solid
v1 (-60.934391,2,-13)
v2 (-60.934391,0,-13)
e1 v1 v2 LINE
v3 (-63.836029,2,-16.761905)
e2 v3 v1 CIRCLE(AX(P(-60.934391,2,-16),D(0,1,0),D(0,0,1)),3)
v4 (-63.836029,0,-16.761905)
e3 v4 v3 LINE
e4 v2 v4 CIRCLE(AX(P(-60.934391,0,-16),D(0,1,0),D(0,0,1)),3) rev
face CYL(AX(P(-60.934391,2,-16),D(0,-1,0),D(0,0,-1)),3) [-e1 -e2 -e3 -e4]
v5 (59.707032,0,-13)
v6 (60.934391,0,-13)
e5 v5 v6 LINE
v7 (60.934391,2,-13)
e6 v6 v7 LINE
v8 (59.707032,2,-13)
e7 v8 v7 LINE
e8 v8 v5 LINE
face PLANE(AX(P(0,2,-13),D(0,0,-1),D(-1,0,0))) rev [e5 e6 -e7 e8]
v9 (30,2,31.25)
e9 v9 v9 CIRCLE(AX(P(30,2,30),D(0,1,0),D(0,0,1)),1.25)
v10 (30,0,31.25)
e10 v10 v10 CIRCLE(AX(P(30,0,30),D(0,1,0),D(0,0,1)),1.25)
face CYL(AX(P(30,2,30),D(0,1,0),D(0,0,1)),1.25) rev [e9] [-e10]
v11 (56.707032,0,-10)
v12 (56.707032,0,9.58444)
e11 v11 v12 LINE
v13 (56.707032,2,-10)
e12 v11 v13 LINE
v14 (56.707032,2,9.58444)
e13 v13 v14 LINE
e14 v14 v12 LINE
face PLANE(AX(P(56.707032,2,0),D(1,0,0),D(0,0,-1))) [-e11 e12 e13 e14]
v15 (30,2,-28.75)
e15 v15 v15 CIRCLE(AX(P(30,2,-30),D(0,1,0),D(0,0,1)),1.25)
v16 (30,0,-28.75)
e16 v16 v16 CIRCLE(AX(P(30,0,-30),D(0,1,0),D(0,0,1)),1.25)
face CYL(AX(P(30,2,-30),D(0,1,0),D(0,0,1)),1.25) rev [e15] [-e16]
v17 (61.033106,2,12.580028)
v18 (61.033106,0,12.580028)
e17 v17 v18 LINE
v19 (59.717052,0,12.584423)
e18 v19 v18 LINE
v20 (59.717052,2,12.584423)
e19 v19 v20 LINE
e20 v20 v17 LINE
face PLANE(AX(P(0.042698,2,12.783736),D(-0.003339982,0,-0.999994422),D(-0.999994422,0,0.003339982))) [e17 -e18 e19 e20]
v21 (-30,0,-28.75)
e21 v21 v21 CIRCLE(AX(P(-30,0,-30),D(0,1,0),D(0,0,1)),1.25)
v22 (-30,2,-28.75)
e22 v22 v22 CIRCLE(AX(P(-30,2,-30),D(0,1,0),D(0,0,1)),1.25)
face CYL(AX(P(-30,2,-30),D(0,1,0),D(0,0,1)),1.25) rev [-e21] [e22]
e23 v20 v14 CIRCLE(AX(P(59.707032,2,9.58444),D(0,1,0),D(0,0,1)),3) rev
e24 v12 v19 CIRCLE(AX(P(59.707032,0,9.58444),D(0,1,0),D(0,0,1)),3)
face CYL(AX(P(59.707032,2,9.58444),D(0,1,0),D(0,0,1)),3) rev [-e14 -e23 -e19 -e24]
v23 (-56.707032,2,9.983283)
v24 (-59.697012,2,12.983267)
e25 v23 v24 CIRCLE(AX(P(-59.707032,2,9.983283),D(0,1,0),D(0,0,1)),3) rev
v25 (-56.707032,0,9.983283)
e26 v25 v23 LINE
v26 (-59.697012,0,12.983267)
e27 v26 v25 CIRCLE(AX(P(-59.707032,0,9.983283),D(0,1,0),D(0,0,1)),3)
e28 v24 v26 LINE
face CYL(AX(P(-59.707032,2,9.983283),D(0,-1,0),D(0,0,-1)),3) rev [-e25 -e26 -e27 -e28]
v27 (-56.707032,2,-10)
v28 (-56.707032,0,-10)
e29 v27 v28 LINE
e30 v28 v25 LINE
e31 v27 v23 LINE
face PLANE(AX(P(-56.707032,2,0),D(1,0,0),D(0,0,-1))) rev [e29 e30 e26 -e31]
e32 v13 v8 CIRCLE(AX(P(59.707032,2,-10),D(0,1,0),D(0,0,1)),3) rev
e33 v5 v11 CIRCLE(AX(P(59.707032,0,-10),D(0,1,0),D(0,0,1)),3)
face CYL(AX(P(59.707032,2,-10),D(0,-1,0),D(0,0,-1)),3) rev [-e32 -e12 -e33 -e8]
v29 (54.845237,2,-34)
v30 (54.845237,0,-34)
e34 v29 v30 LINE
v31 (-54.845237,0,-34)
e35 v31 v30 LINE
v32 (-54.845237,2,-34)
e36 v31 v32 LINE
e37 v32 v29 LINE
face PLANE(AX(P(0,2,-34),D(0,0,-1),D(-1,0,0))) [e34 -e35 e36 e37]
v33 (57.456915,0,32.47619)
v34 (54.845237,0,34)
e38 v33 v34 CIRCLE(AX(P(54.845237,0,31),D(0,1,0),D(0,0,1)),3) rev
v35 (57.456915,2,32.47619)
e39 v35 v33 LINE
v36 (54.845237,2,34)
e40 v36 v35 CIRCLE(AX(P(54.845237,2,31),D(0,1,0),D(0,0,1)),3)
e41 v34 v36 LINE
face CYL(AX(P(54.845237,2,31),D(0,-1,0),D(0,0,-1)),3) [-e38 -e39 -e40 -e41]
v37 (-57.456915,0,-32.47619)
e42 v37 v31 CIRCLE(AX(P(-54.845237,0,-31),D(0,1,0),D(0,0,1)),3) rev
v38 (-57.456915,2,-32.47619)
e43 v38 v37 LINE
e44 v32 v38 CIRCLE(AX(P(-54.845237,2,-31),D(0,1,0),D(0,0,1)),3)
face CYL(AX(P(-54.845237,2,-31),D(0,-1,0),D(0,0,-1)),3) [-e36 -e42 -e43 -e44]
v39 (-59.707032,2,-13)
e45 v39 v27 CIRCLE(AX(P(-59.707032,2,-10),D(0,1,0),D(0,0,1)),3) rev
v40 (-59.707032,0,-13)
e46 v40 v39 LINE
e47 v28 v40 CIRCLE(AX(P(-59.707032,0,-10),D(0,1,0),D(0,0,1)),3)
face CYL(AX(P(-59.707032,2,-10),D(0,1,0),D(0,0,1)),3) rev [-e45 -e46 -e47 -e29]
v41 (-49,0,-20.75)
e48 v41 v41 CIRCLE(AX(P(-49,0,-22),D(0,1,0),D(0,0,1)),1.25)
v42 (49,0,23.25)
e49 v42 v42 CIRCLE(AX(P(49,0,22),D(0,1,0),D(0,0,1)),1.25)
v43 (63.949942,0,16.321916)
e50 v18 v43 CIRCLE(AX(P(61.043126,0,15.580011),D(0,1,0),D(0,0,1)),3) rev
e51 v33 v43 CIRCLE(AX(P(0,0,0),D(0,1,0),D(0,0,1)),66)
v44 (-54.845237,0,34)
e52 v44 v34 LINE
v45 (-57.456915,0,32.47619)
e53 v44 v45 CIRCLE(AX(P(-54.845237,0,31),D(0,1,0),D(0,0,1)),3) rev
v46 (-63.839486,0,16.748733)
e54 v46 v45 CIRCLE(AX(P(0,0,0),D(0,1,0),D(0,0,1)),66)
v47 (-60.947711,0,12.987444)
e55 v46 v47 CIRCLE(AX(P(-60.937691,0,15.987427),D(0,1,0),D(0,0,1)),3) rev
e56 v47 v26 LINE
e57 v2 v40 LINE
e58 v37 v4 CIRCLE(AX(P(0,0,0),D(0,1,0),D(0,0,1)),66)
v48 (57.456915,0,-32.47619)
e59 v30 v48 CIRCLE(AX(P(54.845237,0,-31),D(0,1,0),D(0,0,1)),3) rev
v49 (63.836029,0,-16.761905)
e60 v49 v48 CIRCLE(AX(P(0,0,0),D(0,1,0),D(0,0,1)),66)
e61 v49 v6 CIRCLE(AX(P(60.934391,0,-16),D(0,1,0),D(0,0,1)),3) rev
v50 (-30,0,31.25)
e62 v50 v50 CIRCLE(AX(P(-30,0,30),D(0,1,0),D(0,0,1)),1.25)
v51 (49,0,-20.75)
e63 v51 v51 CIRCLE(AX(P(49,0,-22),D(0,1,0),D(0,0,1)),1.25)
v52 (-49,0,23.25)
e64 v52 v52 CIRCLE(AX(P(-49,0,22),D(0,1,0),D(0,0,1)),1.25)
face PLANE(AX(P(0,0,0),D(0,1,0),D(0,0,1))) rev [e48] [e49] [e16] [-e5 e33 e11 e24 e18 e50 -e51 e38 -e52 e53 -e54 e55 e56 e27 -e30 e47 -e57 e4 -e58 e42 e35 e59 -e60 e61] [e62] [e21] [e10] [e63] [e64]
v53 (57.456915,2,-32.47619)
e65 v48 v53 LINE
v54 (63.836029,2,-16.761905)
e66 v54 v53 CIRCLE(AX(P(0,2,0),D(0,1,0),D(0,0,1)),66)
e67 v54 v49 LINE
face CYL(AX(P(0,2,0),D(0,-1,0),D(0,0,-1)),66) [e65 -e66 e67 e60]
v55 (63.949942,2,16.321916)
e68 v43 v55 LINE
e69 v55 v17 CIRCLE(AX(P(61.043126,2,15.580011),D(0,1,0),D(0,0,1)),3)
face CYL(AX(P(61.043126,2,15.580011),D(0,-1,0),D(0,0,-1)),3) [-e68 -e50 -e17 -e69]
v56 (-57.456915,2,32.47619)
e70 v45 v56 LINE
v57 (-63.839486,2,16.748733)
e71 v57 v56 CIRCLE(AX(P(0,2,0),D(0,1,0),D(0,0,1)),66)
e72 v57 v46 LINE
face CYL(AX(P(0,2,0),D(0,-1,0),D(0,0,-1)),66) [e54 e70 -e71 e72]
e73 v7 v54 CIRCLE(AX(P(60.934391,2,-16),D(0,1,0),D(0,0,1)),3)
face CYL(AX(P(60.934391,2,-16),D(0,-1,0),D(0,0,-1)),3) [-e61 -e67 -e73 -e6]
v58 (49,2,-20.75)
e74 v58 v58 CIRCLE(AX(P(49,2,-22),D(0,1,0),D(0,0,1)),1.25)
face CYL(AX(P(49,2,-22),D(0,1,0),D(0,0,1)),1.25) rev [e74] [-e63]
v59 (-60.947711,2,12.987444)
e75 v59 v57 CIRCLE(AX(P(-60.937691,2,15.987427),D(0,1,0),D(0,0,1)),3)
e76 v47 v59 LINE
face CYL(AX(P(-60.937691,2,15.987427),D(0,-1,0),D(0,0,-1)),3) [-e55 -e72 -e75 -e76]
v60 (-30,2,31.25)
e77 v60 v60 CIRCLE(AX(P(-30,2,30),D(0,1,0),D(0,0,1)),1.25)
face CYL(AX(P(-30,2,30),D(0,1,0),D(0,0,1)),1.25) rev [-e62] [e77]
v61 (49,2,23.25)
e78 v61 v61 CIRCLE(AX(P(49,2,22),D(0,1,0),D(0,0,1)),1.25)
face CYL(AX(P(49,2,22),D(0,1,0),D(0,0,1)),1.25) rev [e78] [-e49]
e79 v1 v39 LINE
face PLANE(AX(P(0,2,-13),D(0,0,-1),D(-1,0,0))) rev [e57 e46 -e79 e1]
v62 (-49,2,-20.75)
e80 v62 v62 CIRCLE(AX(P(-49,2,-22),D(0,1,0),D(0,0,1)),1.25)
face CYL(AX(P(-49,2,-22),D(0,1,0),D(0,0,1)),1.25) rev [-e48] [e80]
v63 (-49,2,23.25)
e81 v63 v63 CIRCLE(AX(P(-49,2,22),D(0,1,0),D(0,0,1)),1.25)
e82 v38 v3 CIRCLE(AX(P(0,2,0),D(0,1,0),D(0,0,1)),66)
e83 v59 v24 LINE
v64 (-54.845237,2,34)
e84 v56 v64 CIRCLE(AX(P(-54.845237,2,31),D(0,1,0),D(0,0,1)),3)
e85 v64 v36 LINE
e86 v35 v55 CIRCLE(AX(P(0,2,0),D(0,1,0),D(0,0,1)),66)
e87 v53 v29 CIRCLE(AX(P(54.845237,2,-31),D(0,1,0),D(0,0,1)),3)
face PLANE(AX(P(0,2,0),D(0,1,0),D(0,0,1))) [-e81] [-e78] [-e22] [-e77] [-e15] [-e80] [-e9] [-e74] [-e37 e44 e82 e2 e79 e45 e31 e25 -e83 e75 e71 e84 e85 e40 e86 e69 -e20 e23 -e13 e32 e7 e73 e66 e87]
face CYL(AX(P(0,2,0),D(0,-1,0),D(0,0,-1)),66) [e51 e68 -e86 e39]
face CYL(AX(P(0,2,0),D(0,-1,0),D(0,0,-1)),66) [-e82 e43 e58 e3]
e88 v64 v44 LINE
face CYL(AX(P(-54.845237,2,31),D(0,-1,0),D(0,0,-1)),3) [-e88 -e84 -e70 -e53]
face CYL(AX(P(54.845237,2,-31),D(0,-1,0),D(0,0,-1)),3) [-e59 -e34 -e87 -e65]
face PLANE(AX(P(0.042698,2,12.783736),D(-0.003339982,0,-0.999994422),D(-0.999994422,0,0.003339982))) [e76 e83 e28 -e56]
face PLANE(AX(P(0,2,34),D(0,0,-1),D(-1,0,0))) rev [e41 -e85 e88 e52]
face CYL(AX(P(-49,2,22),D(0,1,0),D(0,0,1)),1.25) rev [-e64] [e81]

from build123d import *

# Parameters (mm, degrees)
EXTRUDE_2_DEPTH             = 2
M3X0_5_1_D                  = 2.5
M3X0_5_1_DEPTH              = 4
M3X0_5_1_TIP                = 0.751075774
M3X0_5_1_ON_FACE_2_D        = 2.5
M3X0_5_1_ON_FACE_2_DEPTH    = 4
M3X0_5_1_ON_FACE_2_TIP      = 0.751075774
PATTERN_LINEAR_1_COUNT      = 2
PATTERN_LINEAR_1_PITCH      = 98
PATTERN_LINEAR_1_COUNT_DIR2 = 2
PATTERN_LINEAR_1_PITCH_DIR2 = 44
FILLET_4_R                  = 3


with BuildPart() as part:
    # 草圖10 → 填料-伸長2 (new body)
    with BuildSketch(Plane(origin=(0, 0, 0), x_dir=(1, 0, 0), z_dir=(0, 1, 0))):
        with BuildLine():
            Line((56.568542495, 34), (-56.568542495, 34))
            ThreePointArc((-56.568542495, 34), (-61.540159626, 23.849711805), (-64.707032075, 13))
            Line((-64.707032075, 13), (-56.707032075, 13))
            Line((-56.707032075, 13), (-56.707032075, -12.973279994))
            Line((-56.707032075, -12.973279994), (-64.707032075, -13))
            ThreePointArc((-64.707032075, -13), (-61.540159626, -23.849711805), (-56.568542495, -34))
            Line((-56.568542495, -34), (56.568542495, -34))
            ThreePointArc((56.568542495, -34), (61.619473981, -23.644035746), (64.792427449, -12.567471713))
            Line((64.792427449, -12.567471713), (56.707032075, -12.594476939))
            Line((56.707032075, -12.594476939), (56.707032075, 13))
            Line((56.707032075, 13), (64.707032075, 13))
            ThreePointArc((64.707032075, 13), (61.540159626, 23.849711805), (56.568542495, 34))
        make_face()
    extrude(amount=EXTRUDE_2_DEPTH)

    # M3x0.5  螺絲攻的螺孔鑽1
    with Locations(Plane(origin=(30, 2, 30), x_dir=(0, 0, 1), z_dir=(0, 1, 0))):
        with Locations((0, 0), (-60, -60), (0, -60), (-60, 0)):
            Hole(M3X0_5_1_D / 2, depth=M3X0_5_1_DEPTH)
            with Locations((0, 0, -(M3X0_5_1_DEPTH + M3X0_5_1_TIP / 2))):  # 118° drill point
                Cone(0, M3X0_5_1_D / 2, M3X0_5_1_TIP, mode=Mode.SUBTRACT)

    # M3x0.5  螺絲攻的螺孔鑽1 on face 2
    with Locations(Plane(origin=(-30, 0, -30), x_dir=(0, 0, -1), z_dir=(0, -1, 0))):
        with Locations((0, 0)):
            Hole(M3X0_5_1_ON_FACE_2_D / 2, depth=M3X0_5_1_ON_FACE_2_DEPTH)
            with Locations((0, 0, -(M3X0_5_1_ON_FACE_2_DEPTH + M3X0_5_1_ON_FACE_2_TIP / 2))):  # 118° drill point
                Cone(0, M3X0_5_1_ON_FACE_2_D / 2, M3X0_5_1_ON_FACE_2_TIP, mode=Mode.SUBTRACT)

    # 草圖14 → M3x0.5  螺絲攻的螺孔鑽2 (revolve, cut)
    with BuildSketch(Plane(origin=(-49, 2, -22), x_dir=(0, 0, 1), z_dir=(1, 0, 0))):
        Polygon((0, 0), (0, 4.751075774), (1.25, 4), (1.25, 0), align=None)
    m3x0_5_2 = revolve(axis=Axis((-49, 8.35, -22), (0, -1, 0)), mode=Mode.SUBTRACT)

    # 直線複製排列1: M3x0.5 _2 2 × 2
    with Locations(*[(i * PATTERN_LINEAR_1_PITCH, 0, j * PATTERN_LINEAR_1_PITCH_DIR2) for i in range(PATTERN_LINEAR_1_COUNT) for j in range(PATTERN_LINEAR_1_COUNT_DIR2) if (i, j) != (0, 0)]):
        add(m3x0_5_2, mode=Mode.SUBTRACT)

    # 圓角4
    fillet_4_edges = [part.edges().sort_by_distance(p)[0] for p in [
        (-56.707032075, 1, -13),
        (-64.707032075, 1, -13),
        (-56.568542495, 1, -34),
        (56.568542495, 1, -34),
        (64.707032075, 1, -13),
        (56.707032075, 1, -13),
        (56.707032075, 1, 12.594476939),
        (64.792427449, 1, 12.567471713),
        (56.568542495, 1, 34),
        (-56.568542495, 1, 34),
        (-64.707032075, 1, 13),
        (-56.707032075, 1, 12.973279994),
    ]]
    fillet(fillet_4_edges, radius=FILLET_4_R)


solid = part.part
